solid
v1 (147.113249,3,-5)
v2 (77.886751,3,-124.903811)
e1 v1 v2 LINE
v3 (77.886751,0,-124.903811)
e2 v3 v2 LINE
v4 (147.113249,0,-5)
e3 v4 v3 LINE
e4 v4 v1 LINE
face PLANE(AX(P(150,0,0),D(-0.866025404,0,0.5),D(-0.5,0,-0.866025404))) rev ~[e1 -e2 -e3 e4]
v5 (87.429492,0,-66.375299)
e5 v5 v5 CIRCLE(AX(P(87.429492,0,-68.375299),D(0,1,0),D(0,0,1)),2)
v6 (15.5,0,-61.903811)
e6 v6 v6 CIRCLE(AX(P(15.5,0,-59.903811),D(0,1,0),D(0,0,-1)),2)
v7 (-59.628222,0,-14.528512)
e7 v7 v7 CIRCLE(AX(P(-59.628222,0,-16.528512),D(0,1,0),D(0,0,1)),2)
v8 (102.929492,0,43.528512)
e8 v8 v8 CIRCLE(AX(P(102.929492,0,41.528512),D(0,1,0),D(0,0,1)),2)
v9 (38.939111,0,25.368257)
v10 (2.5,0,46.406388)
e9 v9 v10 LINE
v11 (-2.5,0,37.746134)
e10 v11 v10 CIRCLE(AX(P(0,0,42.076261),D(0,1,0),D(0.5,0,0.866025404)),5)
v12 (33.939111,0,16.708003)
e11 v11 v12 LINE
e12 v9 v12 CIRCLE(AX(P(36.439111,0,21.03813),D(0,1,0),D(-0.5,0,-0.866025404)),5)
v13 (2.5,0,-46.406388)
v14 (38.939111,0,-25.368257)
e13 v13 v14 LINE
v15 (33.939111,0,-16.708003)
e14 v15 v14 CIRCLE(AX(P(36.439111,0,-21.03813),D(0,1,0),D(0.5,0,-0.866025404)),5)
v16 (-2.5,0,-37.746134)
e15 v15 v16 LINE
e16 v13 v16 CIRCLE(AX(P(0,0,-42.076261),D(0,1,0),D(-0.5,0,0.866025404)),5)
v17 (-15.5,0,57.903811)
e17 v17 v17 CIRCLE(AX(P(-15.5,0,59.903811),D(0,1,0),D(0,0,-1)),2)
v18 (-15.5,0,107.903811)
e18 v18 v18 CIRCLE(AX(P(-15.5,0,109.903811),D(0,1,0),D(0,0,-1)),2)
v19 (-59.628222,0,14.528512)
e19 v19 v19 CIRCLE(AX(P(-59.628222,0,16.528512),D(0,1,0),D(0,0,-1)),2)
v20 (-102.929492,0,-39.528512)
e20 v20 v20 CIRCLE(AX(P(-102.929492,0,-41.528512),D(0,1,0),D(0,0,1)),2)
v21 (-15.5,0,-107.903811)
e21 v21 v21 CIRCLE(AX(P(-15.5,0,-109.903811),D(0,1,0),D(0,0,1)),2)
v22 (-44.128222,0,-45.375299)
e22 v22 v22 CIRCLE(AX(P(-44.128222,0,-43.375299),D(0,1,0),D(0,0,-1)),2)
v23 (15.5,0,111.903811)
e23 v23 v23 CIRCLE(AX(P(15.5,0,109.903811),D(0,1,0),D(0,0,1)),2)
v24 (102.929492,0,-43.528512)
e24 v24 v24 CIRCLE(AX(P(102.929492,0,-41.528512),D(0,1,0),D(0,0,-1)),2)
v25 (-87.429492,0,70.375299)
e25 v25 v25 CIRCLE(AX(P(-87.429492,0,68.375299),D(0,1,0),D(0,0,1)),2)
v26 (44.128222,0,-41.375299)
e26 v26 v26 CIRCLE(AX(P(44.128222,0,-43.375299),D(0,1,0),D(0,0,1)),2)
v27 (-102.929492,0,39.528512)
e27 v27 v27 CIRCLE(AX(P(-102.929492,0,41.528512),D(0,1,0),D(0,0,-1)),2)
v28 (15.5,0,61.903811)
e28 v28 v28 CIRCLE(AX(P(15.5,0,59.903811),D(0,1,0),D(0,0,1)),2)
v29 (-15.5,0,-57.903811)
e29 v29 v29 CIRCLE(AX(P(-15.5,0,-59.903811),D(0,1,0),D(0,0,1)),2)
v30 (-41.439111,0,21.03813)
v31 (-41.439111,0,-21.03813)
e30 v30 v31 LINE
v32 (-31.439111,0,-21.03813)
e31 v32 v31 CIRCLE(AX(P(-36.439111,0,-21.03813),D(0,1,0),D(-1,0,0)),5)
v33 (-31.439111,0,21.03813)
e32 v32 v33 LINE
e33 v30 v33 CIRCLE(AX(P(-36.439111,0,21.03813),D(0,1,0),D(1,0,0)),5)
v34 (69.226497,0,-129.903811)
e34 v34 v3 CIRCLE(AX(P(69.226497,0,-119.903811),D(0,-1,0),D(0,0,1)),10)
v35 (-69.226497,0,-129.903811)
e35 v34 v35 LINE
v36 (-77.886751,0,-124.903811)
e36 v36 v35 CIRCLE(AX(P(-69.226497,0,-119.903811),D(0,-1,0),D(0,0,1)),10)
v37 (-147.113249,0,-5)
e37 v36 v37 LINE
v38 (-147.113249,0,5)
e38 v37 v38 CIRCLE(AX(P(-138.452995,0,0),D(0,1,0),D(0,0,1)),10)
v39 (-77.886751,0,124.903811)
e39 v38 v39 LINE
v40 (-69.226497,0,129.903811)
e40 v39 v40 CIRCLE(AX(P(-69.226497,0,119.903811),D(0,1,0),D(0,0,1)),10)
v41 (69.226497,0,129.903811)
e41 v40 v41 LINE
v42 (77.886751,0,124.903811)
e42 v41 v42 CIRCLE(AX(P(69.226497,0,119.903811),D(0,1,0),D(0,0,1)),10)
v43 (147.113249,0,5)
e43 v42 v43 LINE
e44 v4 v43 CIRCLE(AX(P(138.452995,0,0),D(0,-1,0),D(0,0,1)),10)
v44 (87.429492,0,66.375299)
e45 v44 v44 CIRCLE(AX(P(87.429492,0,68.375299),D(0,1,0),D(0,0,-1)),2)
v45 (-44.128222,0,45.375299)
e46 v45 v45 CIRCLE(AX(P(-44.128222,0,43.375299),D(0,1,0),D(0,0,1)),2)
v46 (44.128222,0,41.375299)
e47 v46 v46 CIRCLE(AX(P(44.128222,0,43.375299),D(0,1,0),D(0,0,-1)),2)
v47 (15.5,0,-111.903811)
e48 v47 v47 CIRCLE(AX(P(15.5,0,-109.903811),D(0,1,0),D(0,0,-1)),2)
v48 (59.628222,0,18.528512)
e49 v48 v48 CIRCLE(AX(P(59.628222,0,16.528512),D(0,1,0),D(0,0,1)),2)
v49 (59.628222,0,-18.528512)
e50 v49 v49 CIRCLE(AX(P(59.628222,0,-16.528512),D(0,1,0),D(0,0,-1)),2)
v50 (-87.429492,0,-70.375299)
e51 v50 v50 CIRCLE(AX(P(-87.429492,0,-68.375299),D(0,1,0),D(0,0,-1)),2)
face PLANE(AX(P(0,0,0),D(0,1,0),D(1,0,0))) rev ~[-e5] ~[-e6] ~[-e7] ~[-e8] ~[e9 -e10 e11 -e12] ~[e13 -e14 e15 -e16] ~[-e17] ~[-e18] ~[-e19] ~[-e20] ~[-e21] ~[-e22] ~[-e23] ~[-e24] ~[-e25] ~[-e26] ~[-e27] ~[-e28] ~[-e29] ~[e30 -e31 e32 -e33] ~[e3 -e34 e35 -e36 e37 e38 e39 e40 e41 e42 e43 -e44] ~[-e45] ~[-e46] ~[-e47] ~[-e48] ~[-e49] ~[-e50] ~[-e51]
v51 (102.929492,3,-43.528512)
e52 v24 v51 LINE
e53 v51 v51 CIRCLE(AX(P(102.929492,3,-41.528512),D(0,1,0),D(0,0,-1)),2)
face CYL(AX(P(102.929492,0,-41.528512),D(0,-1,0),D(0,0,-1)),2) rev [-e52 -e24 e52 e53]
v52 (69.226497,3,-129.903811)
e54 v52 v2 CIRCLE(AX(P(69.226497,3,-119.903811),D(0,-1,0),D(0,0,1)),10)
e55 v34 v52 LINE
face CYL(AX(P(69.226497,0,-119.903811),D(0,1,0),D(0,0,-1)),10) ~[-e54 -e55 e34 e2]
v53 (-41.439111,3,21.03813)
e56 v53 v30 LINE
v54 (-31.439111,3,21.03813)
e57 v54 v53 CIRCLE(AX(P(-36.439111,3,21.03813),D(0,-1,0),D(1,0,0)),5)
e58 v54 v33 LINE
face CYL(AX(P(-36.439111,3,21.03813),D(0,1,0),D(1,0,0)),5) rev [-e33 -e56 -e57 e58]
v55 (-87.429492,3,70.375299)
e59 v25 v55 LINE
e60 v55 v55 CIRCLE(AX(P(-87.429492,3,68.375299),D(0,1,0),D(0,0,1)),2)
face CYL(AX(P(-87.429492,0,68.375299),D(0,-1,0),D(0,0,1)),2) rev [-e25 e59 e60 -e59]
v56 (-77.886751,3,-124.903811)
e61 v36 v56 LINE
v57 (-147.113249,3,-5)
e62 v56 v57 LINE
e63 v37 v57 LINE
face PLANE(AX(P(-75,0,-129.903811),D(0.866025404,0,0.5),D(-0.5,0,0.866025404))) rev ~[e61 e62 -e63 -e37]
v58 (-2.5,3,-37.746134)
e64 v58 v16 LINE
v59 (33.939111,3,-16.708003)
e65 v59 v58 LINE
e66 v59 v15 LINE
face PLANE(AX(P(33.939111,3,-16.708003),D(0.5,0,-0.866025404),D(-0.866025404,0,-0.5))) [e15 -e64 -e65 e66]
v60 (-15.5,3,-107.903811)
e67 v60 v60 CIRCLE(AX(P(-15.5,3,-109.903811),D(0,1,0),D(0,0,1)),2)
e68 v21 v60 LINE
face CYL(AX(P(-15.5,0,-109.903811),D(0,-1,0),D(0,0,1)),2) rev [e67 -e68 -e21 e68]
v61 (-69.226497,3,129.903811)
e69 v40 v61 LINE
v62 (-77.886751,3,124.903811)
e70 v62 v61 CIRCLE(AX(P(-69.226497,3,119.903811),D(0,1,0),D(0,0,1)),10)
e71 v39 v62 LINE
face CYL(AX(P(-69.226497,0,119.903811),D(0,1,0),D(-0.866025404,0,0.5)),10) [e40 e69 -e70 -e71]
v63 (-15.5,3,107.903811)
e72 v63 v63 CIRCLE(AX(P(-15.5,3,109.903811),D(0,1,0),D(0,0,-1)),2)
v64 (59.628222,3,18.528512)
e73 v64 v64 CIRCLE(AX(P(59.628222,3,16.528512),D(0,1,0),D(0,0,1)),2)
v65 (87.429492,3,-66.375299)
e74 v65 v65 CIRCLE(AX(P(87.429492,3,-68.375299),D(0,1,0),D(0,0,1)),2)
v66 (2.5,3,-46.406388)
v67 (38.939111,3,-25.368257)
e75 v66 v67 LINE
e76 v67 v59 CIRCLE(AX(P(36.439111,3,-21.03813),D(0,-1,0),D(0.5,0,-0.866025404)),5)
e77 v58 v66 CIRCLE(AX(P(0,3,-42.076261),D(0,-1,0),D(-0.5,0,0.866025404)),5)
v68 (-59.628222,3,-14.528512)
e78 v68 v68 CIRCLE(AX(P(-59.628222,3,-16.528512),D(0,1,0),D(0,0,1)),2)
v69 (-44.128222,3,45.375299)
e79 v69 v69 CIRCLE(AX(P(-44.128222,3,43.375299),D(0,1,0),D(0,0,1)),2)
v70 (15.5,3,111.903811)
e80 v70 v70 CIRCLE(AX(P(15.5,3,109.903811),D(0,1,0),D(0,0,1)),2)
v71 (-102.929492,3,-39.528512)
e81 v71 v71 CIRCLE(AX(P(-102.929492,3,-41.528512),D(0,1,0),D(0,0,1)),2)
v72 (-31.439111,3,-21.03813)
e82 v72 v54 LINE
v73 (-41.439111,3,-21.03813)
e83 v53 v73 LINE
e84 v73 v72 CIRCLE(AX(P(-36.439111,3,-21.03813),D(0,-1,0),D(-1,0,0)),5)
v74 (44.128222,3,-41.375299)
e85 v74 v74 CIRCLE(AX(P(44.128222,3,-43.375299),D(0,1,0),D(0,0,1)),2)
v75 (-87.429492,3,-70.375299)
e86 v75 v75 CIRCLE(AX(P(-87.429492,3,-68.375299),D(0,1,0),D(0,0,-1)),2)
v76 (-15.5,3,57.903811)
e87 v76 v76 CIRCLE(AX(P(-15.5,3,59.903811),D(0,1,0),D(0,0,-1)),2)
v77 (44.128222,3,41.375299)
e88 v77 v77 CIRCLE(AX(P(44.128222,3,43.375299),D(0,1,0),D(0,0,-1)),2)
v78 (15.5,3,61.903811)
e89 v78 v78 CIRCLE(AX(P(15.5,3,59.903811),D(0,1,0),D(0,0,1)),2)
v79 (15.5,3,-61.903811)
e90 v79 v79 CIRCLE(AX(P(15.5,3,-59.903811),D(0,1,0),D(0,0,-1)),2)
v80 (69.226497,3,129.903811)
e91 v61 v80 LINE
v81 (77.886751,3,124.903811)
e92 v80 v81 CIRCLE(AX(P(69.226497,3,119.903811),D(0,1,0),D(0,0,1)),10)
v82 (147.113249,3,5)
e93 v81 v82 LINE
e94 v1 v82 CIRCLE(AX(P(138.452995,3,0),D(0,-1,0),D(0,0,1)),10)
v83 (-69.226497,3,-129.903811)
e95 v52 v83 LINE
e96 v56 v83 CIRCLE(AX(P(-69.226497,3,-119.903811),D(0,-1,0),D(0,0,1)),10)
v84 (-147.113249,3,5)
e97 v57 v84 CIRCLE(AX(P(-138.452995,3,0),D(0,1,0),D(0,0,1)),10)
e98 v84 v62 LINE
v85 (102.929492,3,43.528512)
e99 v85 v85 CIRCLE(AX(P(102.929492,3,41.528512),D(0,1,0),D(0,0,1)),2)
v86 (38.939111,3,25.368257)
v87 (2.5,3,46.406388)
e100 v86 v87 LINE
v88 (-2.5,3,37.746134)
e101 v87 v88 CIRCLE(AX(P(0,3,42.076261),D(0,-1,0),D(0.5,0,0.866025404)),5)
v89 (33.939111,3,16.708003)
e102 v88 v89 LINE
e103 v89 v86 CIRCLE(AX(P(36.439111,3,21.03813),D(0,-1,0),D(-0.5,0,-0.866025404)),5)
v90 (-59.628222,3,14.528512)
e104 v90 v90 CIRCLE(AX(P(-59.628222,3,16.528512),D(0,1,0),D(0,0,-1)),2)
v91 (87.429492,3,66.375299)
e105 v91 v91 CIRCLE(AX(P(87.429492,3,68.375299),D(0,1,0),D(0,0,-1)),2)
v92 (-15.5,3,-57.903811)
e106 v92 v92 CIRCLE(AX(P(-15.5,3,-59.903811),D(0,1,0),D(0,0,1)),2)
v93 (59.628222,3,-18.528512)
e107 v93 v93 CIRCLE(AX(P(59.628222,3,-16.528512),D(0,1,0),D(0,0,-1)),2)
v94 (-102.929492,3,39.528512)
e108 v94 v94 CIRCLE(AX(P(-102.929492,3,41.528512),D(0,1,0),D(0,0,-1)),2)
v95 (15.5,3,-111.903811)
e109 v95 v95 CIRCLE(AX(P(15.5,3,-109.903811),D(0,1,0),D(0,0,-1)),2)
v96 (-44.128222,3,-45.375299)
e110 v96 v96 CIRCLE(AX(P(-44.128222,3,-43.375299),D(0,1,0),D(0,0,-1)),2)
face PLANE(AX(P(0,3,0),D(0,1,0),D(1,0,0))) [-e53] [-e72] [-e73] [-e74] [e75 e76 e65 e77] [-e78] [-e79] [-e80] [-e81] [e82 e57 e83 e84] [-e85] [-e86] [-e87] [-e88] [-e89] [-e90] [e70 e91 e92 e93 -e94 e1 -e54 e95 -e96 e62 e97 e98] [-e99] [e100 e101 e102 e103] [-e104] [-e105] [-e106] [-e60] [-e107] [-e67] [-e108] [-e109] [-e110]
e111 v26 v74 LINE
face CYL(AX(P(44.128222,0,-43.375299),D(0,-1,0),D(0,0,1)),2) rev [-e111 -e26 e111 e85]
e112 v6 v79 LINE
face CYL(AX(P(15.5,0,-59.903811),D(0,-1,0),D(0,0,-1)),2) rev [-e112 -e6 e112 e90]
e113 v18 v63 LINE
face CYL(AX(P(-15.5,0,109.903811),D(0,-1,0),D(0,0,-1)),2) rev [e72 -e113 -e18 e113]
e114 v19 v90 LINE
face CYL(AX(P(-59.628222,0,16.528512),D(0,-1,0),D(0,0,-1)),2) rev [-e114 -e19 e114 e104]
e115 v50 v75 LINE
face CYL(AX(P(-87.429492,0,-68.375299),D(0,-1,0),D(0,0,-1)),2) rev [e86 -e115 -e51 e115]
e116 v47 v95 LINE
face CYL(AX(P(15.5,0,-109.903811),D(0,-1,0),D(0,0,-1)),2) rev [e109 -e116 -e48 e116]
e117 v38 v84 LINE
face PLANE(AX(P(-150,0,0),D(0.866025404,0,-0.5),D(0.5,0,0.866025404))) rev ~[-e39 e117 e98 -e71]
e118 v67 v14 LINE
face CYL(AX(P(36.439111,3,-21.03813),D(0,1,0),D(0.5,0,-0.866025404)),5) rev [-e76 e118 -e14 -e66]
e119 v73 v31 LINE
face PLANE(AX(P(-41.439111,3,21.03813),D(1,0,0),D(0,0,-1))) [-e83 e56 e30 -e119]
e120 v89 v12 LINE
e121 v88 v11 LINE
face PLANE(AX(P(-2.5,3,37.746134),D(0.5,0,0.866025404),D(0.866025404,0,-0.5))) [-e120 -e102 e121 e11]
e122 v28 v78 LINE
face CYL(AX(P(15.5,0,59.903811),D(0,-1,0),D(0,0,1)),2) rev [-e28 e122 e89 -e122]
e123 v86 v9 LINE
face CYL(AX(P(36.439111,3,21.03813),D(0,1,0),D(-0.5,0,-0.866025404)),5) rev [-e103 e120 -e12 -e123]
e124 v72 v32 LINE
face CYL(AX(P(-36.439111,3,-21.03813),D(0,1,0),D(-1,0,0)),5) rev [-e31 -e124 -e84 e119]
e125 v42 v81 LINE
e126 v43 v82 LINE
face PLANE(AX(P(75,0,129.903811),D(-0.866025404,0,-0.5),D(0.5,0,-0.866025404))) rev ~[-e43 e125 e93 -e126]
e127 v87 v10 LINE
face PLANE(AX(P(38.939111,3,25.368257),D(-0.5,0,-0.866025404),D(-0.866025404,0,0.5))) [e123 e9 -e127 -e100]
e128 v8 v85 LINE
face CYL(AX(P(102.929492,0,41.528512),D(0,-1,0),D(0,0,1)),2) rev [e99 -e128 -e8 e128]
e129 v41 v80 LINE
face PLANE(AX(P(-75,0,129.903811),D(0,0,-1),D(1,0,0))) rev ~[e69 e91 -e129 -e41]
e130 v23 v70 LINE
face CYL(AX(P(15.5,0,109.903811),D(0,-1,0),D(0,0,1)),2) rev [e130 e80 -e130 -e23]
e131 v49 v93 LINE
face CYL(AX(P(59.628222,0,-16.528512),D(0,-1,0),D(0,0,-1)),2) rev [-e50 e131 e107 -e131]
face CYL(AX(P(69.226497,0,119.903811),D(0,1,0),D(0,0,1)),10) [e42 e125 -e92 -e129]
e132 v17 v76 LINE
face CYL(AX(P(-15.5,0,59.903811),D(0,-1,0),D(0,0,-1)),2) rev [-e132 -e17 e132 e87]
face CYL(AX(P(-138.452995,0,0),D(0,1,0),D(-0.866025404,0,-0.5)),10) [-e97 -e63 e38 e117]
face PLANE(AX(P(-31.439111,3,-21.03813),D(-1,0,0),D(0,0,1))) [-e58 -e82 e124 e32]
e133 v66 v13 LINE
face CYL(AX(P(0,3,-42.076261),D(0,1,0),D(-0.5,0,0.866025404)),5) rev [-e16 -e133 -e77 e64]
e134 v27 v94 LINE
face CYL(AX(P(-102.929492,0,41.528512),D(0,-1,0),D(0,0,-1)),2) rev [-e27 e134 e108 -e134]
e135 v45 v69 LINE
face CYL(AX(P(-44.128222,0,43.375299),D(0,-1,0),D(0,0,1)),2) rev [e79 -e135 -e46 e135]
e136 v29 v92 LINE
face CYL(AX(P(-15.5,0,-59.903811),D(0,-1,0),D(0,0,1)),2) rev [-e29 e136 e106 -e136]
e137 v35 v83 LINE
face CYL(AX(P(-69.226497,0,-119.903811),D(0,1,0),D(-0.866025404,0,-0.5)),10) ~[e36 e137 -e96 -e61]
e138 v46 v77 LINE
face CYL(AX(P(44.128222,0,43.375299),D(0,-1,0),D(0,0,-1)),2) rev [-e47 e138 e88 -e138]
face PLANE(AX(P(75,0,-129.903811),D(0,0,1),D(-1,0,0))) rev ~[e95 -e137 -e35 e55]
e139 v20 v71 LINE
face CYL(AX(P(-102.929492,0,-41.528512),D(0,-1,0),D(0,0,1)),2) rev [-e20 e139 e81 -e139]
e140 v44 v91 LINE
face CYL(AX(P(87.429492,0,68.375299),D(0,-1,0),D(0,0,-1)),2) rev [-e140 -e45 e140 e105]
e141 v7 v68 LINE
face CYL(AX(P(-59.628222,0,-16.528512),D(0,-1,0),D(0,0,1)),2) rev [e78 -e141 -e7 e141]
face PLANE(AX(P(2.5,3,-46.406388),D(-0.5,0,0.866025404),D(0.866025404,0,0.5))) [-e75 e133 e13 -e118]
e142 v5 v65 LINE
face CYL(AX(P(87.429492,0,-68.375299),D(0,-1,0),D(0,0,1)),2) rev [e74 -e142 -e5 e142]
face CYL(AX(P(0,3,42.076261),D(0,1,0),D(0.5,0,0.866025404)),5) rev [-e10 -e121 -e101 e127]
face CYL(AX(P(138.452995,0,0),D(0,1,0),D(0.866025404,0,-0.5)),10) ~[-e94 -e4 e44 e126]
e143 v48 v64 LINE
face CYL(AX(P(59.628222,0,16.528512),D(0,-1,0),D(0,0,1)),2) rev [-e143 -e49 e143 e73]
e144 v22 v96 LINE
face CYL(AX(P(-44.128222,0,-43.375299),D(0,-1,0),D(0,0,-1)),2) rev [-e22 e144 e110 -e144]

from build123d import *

# Parameters (mm, degrees)
ESQUISSE1_R             = 2
BOSS_EXTRU_1_DEPTH      = 3
CONG_2_R                = 10
CONG_3_R                = 10
ENL_V_MAT_EXTRU_1_DEPTH = 198.287332615


with BuildPart() as part:
    # Esquisse1 → Boss.-Extru.1 (new body)
    with BuildSketch(Plane(origin=(0, 0, 0), x_dir=(1, 0, 0), z_dir=(0, 1, 0))):
        Polygon((-150, 0), (-75, -129.903810568), (75, -129.903810568), (150, 0), (75, 129.903810568), (-75, 129.903810568), align=None)
        with Locations(Location((15.5, -109.903810568, 0), (0, 0, 270))):
            Circle(ESQUISSE1_R, mode=Mode.SUBTRACT)
        with Locations(Location((-15.5, -109.903810568, 0), (0, 0, 90))):
            Circle(ESQUISSE1_R, mode=Mode.SUBTRACT)
        with Locations(Location((15.5, -59.903810568, 0), (0, 0, 270))):
            Circle(ESQUISSE1_R, mode=Mode.SUBTRACT)
        with Locations(Location((-15.5, -59.903810568, 0), (0, 0, 90))):
            Circle(ESQUISSE1_R, mode=Mode.SUBTRACT)
        with Locations(Location((-87.429491924, -68.375299042, 0), (0, 0, 270))):
            Circle(ESQUISSE1_R, mode=Mode.SUBTRACT)
        with Locations(Location((-102.929491924, -41.528511525, 0), (0, 0, 90))):
            Circle(ESQUISSE1_R, mode=Mode.SUBTRACT)
        with Locations(Location((-59.628221735, -16.528511525, 0), (0, 0, 90))):
            Circle(ESQUISSE1_R, mode=Mode.SUBTRACT)
        with Locations(Location((-44.128221735, -43.375299042, 0), (0, 0, 270))):
            Circle(ESQUISSE1_R, mode=Mode.SUBTRACT)
        with Locations(Location((-102.929491924, 41.528511525, 0), (0, 0, 270))):
            Circle(ESQUISSE1_R, mode=Mode.SUBTRACT)
        with Locations(Location((-87.429491924, 68.375299042, 0), (0, 0, 90))):
            Circle(ESQUISSE1_R, mode=Mode.SUBTRACT)
        with Locations(Location((-44.128221735, 43.375299042, 0), (0, 0, 90))):
            Circle(ESQUISSE1_R, mode=Mode.SUBTRACT)
        with Locations(Location((-59.628221735, 16.528511525, 0), (0, 0, 270))):
            Circle(ESQUISSE1_R, mode=Mode.SUBTRACT)
        with Locations(Location((-15.5, 109.903810568, 0), (0, 0, 270))):
            Circle(ESQUISSE1_R, mode=Mode.SUBTRACT)
        with Locations(Location((15.5, 109.903810568, 0), (0, 0, 90))):
            Circle(ESQUISSE1_R, mode=Mode.SUBTRACT)
        with Locations(Location((15.5, 59.903810568, 0), (0, 0, 90))):
            Circle(ESQUISSE1_R, mode=Mode.SUBTRACT)
        with Locations(Location((-15.5, 59.903810568, 0), (0, 0, 270))):
            Circle(ESQUISSE1_R, mode=Mode.SUBTRACT)
        with Locations(Location((87.429491924, 68.375299042, 0), (0, 0, 270))):
            Circle(ESQUISSE1_R, mode=Mode.SUBTRACT)
        with Locations(Location((102.929491924, 41.528511525, 0), (0, 0, 90))):
            Circle(ESQUISSE1_R, mode=Mode.SUBTRACT)
        with Locations(Location((59.628221735, 16.528511525, 0), (0, 0, 90))):
            Circle(ESQUISSE1_R, mode=Mode.SUBTRACT)
        with Locations(Location((44.128221735, 43.375299042, 0), (0, 0, 270))):
            Circle(ESQUISSE1_R, mode=Mode.SUBTRACT)
        with Locations(Location((102.929491924, -41.528511525, 0), (0, 0, 270))):
            Circle(ESQUISSE1_R, mode=Mode.SUBTRACT)
        with Locations(Location((87.429491924, -68.375299042, 0), (0, 0, 90))):
            Circle(ESQUISSE1_R, mode=Mode.SUBTRACT)
        with Locations(Location((44.128221735, -43.375299042, 0), (0, 0, 90))):
            Circle(ESQUISSE1_R, mode=Mode.SUBTRACT)
        with Locations(Location((59.628221735, -16.528511525, 0), (0, 0, 270))):
            Circle(ESQUISSE1_R, mode=Mode.SUBTRACT)
    extrude(amount=BOSS_EXTRU_1_DEPTH)

    # Congé2
    cong_2_edges = [part.edges().sort_by_distance(p)[0] for p in [
        (-75, 1.5, -129.903810568),
    ]]
    fillet(cong_2_edges, radius=CONG_2_R)

    # Congé3
    cong_3_edges = [part.edges().sort_by_distance(p)[0] for p in [
        (75, 1.5, -129.903810568),
        (150, 1.5, 0),
        (75, 1.5, 129.903810568),
        (-75, 1.5, 129.903810568),
        (-150, 1.5, 0),
    ]]
    fillet(cong_3_edges, radius=CONG_3_R)

    # Esquisse3 → Enlèv. mat.-Extru.1 (cut, through all)
    with BuildSketch(Plane(origin=(0, 3, 0), x_dir=(1, 0, 0), z_dir=(0, 1, 0))):
        with BuildLine():
            Line((2.5, 46.406387956), (38.939110868, 25.368257487))
            ThreePointArc((38.939110868, 25.368257487), (40.769237886, 18.538130468), (33.939110868, 16.708003449))
            Line((33.939110868, 16.708003449), (-2.5, 37.746133918))
            ThreePointArc((-2.5, 37.746133918), (-4.330127019, 44.576260937), (2.5, 46.406387956))
        make_face()
        with BuildLine():
            Line((38.939110868, -25.368257487), (2.5, -46.406387956))
            ThreePointArc((2.5, -46.406387956), (-4.330127019, -44.576260937), (-2.5, -37.746133918))
            Line((-2.5, -37.746133918), (33.939110868, -16.708003449))
            ThreePointArc((33.939110868, -16.708003449), (40.769237886, -18.538130468), (38.939110868, -25.368257487))
        make_face()
        with BuildLine():
            Line((-41.439110868, -21.038130468), (-41.439110868, 21.038130468))
            ThreePointArc((-41.439110868, 21.038130468), (-36.439110868, 26.038130468), (-31.439110868, 21.038130468))
            Line((-31.439110868, 21.038130468), (-31.439110868, -21.038130468))
            ThreePointArc((-31.439110868, -21.038130468), (-36.439110868, -26.038130468), (-41.439110868, -21.038130468))
        make_face()
    extrude(amount=-ENL_V_MAT_EXTRU_1_DEPTH, mode=Mode.SUBTRACT)


solid = part.part
